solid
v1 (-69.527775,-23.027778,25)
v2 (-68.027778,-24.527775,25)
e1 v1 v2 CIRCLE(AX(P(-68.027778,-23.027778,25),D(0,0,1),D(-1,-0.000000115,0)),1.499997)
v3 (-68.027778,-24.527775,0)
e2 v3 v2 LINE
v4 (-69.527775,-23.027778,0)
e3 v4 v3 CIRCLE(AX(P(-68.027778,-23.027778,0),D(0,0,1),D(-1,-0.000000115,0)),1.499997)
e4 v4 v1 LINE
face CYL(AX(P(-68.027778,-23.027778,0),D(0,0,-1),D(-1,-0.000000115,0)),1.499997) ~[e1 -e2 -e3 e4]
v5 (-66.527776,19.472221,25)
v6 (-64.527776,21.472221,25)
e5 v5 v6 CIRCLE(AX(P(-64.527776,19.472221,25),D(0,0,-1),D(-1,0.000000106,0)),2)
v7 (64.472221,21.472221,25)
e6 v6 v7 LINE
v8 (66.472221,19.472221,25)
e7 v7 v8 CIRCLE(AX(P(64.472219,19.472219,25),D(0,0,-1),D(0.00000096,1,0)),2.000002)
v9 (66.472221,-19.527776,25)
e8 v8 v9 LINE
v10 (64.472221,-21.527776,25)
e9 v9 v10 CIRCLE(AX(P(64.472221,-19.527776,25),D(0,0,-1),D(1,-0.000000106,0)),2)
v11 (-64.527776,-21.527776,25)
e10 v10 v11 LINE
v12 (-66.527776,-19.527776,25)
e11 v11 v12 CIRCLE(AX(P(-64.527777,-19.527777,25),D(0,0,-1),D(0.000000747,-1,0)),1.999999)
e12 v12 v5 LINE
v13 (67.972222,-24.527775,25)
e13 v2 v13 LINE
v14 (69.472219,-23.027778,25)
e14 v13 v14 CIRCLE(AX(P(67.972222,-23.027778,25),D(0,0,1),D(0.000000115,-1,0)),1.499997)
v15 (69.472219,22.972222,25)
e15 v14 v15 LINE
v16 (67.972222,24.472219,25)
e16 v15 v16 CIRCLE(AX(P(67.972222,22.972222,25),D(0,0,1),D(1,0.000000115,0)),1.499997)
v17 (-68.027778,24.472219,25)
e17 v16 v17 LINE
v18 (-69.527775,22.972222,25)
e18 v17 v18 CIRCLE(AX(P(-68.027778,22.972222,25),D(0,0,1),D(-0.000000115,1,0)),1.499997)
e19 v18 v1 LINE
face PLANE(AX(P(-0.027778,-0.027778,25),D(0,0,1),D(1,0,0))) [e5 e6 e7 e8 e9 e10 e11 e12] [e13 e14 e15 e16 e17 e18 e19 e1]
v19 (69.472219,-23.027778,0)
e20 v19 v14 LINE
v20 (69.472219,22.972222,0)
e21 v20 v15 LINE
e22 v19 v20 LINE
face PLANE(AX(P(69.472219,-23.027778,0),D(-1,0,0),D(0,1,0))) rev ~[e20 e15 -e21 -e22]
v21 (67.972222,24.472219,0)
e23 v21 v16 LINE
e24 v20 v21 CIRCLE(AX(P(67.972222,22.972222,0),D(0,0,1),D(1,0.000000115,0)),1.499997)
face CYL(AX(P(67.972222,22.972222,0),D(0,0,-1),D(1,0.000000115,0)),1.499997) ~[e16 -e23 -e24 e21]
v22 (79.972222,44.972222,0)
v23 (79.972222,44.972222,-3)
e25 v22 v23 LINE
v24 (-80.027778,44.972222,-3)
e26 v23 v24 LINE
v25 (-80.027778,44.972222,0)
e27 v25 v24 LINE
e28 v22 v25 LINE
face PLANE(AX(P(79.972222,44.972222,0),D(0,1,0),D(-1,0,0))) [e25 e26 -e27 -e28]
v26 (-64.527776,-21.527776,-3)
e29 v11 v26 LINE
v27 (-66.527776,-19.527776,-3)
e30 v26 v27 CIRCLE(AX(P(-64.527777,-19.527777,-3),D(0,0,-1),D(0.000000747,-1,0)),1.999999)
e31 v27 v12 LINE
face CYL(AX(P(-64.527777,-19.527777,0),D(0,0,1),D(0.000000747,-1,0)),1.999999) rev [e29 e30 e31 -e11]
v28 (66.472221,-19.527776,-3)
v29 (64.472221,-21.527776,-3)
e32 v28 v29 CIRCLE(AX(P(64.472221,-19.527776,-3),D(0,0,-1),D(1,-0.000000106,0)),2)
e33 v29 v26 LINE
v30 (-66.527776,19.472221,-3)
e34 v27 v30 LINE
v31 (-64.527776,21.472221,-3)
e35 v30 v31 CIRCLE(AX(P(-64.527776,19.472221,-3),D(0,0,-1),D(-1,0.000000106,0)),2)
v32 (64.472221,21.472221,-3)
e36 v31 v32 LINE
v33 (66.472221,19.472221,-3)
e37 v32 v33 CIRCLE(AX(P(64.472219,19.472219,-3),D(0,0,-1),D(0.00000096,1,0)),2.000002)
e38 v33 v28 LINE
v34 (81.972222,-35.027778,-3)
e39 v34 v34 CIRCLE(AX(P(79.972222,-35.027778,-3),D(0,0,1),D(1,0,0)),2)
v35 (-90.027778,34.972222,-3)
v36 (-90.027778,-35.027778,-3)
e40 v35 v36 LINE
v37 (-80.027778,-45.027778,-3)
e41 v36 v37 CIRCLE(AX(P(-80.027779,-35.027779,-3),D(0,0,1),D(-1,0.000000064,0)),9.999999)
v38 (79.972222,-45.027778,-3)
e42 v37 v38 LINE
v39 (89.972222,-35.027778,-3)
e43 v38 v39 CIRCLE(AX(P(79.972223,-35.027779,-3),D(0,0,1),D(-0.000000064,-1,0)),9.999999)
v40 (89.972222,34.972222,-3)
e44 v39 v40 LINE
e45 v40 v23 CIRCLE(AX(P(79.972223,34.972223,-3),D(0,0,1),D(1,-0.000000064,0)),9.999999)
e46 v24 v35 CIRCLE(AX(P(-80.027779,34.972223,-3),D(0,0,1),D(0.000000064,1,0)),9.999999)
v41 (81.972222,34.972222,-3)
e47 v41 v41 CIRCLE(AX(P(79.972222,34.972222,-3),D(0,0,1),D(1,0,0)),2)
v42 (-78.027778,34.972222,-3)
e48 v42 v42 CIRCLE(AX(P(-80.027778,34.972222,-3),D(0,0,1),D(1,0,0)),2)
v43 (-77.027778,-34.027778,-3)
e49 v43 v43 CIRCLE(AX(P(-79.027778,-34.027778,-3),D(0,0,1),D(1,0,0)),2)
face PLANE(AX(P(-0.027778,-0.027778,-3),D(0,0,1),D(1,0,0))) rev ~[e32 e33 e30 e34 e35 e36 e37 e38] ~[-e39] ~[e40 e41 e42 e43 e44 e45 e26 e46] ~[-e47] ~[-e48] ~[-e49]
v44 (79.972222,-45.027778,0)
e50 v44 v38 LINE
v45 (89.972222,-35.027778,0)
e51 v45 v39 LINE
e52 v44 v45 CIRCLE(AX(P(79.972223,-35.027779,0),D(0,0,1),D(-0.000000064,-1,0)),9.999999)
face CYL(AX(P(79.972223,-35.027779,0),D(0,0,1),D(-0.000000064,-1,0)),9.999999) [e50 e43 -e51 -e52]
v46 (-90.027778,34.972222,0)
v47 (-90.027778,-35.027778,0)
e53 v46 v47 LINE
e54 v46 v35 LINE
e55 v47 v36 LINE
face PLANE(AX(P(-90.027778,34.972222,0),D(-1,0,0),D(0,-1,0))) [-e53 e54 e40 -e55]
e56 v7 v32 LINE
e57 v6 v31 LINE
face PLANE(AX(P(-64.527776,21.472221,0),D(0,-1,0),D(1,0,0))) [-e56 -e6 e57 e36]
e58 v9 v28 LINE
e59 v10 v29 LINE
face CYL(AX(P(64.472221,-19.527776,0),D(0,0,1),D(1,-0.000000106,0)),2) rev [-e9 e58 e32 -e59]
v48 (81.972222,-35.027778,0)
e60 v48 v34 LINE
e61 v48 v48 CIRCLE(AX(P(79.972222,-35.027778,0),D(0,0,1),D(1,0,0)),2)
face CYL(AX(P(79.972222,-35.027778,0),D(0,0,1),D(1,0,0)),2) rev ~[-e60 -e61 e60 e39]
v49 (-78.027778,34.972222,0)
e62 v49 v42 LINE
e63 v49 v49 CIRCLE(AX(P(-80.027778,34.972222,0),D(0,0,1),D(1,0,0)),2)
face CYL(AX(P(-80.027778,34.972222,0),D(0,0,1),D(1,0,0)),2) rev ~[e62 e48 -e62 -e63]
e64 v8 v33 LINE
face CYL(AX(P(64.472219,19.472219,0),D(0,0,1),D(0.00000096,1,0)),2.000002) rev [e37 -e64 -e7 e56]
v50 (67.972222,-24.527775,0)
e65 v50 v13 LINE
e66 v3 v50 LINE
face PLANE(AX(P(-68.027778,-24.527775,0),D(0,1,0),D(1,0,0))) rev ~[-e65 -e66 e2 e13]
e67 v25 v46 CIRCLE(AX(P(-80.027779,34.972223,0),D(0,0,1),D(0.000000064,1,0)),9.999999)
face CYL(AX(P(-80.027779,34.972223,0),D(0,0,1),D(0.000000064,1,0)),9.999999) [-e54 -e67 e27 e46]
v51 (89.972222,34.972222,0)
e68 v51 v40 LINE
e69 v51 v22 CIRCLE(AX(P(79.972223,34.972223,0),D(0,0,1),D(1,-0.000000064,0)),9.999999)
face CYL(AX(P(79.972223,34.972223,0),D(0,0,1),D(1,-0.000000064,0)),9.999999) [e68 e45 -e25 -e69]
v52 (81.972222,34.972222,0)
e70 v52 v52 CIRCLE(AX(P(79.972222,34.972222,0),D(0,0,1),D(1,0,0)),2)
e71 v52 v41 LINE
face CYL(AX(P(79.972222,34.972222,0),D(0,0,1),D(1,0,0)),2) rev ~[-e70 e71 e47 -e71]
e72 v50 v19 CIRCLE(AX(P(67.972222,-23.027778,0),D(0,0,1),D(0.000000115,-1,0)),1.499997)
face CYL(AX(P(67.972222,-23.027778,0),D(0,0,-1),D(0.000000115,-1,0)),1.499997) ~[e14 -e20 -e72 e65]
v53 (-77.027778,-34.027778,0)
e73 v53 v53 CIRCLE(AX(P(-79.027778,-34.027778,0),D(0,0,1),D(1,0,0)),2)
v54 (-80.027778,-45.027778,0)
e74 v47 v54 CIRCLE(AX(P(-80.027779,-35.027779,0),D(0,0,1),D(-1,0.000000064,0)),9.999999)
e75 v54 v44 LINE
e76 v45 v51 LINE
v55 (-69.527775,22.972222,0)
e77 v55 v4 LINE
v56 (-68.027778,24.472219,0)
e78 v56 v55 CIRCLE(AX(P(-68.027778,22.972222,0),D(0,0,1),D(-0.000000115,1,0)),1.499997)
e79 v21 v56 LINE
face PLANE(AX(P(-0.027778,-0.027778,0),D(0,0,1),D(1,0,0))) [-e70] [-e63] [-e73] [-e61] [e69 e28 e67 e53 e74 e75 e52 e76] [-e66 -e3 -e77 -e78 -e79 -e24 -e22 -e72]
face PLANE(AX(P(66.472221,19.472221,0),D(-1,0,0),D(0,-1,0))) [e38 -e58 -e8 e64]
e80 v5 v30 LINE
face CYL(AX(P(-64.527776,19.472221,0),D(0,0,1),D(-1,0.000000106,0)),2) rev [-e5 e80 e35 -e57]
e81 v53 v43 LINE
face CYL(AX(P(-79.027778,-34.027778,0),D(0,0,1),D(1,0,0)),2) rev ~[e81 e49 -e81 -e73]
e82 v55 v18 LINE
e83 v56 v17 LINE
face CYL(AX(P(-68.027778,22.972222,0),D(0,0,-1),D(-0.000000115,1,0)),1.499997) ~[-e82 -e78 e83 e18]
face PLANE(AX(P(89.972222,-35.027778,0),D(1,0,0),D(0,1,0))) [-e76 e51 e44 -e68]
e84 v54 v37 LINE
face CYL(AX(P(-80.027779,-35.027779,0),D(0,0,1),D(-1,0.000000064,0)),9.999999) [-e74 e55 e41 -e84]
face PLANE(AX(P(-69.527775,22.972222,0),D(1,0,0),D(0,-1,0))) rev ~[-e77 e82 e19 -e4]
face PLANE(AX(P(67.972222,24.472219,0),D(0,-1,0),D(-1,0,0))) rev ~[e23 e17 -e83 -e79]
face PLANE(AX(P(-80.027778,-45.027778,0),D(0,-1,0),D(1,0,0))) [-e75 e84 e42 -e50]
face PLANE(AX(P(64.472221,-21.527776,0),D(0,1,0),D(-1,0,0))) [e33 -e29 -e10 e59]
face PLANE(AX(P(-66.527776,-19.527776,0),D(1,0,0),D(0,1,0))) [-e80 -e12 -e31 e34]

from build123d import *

# Parameters (mm, degrees)
F1_DEPTH = 25
F0_R     = 2
F2_DEPTH = 3


with BuildPart() as f1:
    # F0 (on Top) → F1 (new body)
    with BuildSketch(Plane.XY):
        with BuildLine():
            Line((67.972222, 24.472219), (-68.027778, 24.472219))
            ThreePointArc((-68.027778, 24.472219), (-69.088436, 24.03288), (-69.527775, 22.972222))
            Line((-69.527775, 22.972222), (-69.527775, -23.027778))
            ThreePointArc((-69.527775, -23.027778), (-69.088436, -24.088436), (-68.027778, -24.527775))
            Line((-68.027778, -24.527775), (67.972222, -24.527775))
            ThreePointArc((67.972222, -24.527775), (69.03288, -24.088436), (69.472219, -23.027778))
            Line((69.472219, -23.027778), (69.472219, 22.972222))
            ThreePointArc((69.472219, 22.972222), (69.03288, 24.03288), (67.972222, 24.472219))
        make_face()
        with BuildLine():
            Line((-66.527776, -19.527776), (-66.527776, 19.472221))
            ThreePointArc((-66.527776, 19.472221), (-65.94199, 20.886434), (-64.527776, 21.472221))
            Line((-64.527776, 21.472221), (64.472221, 21.472221))
            ThreePointArc((64.472221, 21.472221), (65.886434, 20.886434), (66.472221, 19.472221))
            Line((66.472221, 19.472221), (66.472221, -19.527776))
            ThreePointArc((66.472221, -19.527776), (65.886434, -20.94199), (64.472221, -21.527776))
            Line((64.472221, -21.527776), (-64.527776, -21.527776))
            ThreePointArc((-64.527776, -21.527776), (-65.94199, -20.94199), (-66.527776, -19.527776))
        make_face(mode=Mode.SUBTRACT)
    extrude(amount=F1_DEPTH)

    # F0 (on Top) → F2 (join)
    with BuildSketch(Plane.XY):
        with BuildLine():
            ThreePointArc((-80.027778, 44.972222), (-87.098846, 42.04329), (-90.027778, 34.972222))
            Line((-90.027778, 34.972222), (-90.027778, -35.027778))
            ThreePointArc((-90.027778, -35.027778), (-87.098846, -42.098846), (-80.027778, -45.027778))
            Line((-80.027778, -45.027778), (79.972222, -45.027778))
            ThreePointArc((79.972222, -45.027778), (87.04329, -42.098846), (89.972222, -35.027778))
            Line((89.972222, -35.027778), (89.972222, 34.972222))
            ThreePointArc((89.972222, 34.972222), (87.04329, 42.04329), (79.972222, 44.972222))
            Line((79.972222, 44.972222), (-80.027778, 44.972222))
        make_face()
        with Locations((-79.027778, -34.027778)):
            Circle(F0_R, mode=Mode.SUBTRACT)
        with Locations((79.972222, -35.027778)):
            Circle(F0_R, mode=Mode.SUBTRACT)
        with Locations((-80.027778, 34.972222)):
            Circle(F0_R, mode=Mode.SUBTRACT)
        with BuildLine():
            ThreePointArc((-70.027778, 22.972222), (-69.441991, 24.386436), (-68.027778, 24.972222))
            Line((-68.027778, 24.972222), (67.972222, 24.972222))
            ThreePointArc((67.972222, 24.972222), (69.386436, 24.386436), (69.972222, 22.972222))
            Line((69.972222, 22.972222), (69.972222, -23.027778))
            ThreePointArc((69.972222, -23.027778), (69.386436, -24.441991), (67.972222, -25.027778))
            Line((67.972222, -25.027778), (-68.027778, -25.027778))
            ThreePointArc((-68.027778, -25.027778), (-69.441991, -24.441991), (-70.027778, -23.027778))
            Line((-70.027778, -23.027778), (-70.027778, 22.972222))
        make_face(mode=Mode.SUBTRACT)
        with Locations((79.972222, 34.972222)):
            Circle(F0_R, mode=Mode.SUBTRACT)
        with BuildLine():
            Line((67.972222, 24.972222), (-68.027778, 24.972222))
            ThreePointArc((-68.027778, 24.972222), (-69.441991, 24.386436), (-70.027778, 22.972222))
            Line((-70.027778, 22.972222), (-70.027778, -23.027778))
            ThreePointArc((-70.027778, -23.027778), (-69.441991, -24.441991), (-68.027778, -25.027778))
            Line((-68.027778, -25.027778), (67.972222, -25.027778))
            ThreePointArc((67.972222, -25.027778), (69.386436, -24.441991), (69.972222, -23.027778))
            Line((69.972222, -23.027778), (69.972222, 22.972222))
            ThreePointArc((69.972222, 22.972222), (69.386436, 24.386436), (67.972222, 24.972222))
        make_face()
        with BuildLine():
            ThreePointArc((-69.527775, 22.972222), (-69.088436, 24.03288), (-68.027778, 24.472219))
            Line((-68.027778, 24.472219), (67.972222, 24.472219))
            ThreePointArc((67.972222, 24.472219), (69.03288, 24.03288), (69.472219, 22.972222))
            Line((69.472219, 22.972222), (69.472219, -23.027778))
            ThreePointArc((69.472219, -23.027778), (69.03288, -24.088436), (67.972222, -24.527775))
            Line((67.972222, -24.527775), (-68.027778, -24.527775))
            ThreePointArc((-68.027778, -24.527775), (-69.088436, -24.088436), (-69.527775, -23.027778))
            Line((-69.527775, -23.027778), (-69.527775, 22.972222))
        make_face(mode=Mode.SUBTRACT)
        with BuildLine():
            Line((67.972222, 24.472219), (-68.027778, 24.472219))
            ThreePointArc((-68.027778, 24.472219), (-69.088436, 24.03288), (-69.527775, 22.972222))
            Line((-69.527775, 22.972222), (-69.527775, -23.027778))
            ThreePointArc((-69.527775, -23.027778), (-69.088436, -24.088436), (-68.027778, -24.527775))
            Line((-68.027778, -24.527775), (67.972222, -24.527775))
            ThreePointArc((67.972222, -24.527775), (69.03288, -24.088436), (69.472219, -23.027778))
            Line((69.472219, -23.027778), (69.472219, 22.972222))
            ThreePointArc((69.472219, 22.972222), (69.03288, 24.03288), (67.972222, 24.472219))
        make_face()
        with BuildLine():
            Line((-66.527776, -19.527776), (-66.527776, 19.472221))
            ThreePointArc((-66.527776, 19.472221), (-65.94199, 20.886434), (-64.527776, 21.472221))
            Line((-64.527776, 21.472221), (64.472221, 21.472221))
            ThreePointArc((64.472221, 21.472221), (65.886434, 20.886434), (66.472221, 19.472221))
            Line((66.472221, 19.472221), (66.472221, -19.527776))
            ThreePointArc((66.472221, -19.527776), (65.886434, -20.94199), (64.472221, -21.527776))
            Line((64.472221, -21.527776), (-64.527776, -21.527776))
            ThreePointArc((-64.527776, -21.527776), (-65.94199, -20.94199), (-66.527776, -19.527776))
        make_face(mode=Mode.SUBTRACT)
    extrude(amount=-F2_DEPTH)


solid = f1.part
